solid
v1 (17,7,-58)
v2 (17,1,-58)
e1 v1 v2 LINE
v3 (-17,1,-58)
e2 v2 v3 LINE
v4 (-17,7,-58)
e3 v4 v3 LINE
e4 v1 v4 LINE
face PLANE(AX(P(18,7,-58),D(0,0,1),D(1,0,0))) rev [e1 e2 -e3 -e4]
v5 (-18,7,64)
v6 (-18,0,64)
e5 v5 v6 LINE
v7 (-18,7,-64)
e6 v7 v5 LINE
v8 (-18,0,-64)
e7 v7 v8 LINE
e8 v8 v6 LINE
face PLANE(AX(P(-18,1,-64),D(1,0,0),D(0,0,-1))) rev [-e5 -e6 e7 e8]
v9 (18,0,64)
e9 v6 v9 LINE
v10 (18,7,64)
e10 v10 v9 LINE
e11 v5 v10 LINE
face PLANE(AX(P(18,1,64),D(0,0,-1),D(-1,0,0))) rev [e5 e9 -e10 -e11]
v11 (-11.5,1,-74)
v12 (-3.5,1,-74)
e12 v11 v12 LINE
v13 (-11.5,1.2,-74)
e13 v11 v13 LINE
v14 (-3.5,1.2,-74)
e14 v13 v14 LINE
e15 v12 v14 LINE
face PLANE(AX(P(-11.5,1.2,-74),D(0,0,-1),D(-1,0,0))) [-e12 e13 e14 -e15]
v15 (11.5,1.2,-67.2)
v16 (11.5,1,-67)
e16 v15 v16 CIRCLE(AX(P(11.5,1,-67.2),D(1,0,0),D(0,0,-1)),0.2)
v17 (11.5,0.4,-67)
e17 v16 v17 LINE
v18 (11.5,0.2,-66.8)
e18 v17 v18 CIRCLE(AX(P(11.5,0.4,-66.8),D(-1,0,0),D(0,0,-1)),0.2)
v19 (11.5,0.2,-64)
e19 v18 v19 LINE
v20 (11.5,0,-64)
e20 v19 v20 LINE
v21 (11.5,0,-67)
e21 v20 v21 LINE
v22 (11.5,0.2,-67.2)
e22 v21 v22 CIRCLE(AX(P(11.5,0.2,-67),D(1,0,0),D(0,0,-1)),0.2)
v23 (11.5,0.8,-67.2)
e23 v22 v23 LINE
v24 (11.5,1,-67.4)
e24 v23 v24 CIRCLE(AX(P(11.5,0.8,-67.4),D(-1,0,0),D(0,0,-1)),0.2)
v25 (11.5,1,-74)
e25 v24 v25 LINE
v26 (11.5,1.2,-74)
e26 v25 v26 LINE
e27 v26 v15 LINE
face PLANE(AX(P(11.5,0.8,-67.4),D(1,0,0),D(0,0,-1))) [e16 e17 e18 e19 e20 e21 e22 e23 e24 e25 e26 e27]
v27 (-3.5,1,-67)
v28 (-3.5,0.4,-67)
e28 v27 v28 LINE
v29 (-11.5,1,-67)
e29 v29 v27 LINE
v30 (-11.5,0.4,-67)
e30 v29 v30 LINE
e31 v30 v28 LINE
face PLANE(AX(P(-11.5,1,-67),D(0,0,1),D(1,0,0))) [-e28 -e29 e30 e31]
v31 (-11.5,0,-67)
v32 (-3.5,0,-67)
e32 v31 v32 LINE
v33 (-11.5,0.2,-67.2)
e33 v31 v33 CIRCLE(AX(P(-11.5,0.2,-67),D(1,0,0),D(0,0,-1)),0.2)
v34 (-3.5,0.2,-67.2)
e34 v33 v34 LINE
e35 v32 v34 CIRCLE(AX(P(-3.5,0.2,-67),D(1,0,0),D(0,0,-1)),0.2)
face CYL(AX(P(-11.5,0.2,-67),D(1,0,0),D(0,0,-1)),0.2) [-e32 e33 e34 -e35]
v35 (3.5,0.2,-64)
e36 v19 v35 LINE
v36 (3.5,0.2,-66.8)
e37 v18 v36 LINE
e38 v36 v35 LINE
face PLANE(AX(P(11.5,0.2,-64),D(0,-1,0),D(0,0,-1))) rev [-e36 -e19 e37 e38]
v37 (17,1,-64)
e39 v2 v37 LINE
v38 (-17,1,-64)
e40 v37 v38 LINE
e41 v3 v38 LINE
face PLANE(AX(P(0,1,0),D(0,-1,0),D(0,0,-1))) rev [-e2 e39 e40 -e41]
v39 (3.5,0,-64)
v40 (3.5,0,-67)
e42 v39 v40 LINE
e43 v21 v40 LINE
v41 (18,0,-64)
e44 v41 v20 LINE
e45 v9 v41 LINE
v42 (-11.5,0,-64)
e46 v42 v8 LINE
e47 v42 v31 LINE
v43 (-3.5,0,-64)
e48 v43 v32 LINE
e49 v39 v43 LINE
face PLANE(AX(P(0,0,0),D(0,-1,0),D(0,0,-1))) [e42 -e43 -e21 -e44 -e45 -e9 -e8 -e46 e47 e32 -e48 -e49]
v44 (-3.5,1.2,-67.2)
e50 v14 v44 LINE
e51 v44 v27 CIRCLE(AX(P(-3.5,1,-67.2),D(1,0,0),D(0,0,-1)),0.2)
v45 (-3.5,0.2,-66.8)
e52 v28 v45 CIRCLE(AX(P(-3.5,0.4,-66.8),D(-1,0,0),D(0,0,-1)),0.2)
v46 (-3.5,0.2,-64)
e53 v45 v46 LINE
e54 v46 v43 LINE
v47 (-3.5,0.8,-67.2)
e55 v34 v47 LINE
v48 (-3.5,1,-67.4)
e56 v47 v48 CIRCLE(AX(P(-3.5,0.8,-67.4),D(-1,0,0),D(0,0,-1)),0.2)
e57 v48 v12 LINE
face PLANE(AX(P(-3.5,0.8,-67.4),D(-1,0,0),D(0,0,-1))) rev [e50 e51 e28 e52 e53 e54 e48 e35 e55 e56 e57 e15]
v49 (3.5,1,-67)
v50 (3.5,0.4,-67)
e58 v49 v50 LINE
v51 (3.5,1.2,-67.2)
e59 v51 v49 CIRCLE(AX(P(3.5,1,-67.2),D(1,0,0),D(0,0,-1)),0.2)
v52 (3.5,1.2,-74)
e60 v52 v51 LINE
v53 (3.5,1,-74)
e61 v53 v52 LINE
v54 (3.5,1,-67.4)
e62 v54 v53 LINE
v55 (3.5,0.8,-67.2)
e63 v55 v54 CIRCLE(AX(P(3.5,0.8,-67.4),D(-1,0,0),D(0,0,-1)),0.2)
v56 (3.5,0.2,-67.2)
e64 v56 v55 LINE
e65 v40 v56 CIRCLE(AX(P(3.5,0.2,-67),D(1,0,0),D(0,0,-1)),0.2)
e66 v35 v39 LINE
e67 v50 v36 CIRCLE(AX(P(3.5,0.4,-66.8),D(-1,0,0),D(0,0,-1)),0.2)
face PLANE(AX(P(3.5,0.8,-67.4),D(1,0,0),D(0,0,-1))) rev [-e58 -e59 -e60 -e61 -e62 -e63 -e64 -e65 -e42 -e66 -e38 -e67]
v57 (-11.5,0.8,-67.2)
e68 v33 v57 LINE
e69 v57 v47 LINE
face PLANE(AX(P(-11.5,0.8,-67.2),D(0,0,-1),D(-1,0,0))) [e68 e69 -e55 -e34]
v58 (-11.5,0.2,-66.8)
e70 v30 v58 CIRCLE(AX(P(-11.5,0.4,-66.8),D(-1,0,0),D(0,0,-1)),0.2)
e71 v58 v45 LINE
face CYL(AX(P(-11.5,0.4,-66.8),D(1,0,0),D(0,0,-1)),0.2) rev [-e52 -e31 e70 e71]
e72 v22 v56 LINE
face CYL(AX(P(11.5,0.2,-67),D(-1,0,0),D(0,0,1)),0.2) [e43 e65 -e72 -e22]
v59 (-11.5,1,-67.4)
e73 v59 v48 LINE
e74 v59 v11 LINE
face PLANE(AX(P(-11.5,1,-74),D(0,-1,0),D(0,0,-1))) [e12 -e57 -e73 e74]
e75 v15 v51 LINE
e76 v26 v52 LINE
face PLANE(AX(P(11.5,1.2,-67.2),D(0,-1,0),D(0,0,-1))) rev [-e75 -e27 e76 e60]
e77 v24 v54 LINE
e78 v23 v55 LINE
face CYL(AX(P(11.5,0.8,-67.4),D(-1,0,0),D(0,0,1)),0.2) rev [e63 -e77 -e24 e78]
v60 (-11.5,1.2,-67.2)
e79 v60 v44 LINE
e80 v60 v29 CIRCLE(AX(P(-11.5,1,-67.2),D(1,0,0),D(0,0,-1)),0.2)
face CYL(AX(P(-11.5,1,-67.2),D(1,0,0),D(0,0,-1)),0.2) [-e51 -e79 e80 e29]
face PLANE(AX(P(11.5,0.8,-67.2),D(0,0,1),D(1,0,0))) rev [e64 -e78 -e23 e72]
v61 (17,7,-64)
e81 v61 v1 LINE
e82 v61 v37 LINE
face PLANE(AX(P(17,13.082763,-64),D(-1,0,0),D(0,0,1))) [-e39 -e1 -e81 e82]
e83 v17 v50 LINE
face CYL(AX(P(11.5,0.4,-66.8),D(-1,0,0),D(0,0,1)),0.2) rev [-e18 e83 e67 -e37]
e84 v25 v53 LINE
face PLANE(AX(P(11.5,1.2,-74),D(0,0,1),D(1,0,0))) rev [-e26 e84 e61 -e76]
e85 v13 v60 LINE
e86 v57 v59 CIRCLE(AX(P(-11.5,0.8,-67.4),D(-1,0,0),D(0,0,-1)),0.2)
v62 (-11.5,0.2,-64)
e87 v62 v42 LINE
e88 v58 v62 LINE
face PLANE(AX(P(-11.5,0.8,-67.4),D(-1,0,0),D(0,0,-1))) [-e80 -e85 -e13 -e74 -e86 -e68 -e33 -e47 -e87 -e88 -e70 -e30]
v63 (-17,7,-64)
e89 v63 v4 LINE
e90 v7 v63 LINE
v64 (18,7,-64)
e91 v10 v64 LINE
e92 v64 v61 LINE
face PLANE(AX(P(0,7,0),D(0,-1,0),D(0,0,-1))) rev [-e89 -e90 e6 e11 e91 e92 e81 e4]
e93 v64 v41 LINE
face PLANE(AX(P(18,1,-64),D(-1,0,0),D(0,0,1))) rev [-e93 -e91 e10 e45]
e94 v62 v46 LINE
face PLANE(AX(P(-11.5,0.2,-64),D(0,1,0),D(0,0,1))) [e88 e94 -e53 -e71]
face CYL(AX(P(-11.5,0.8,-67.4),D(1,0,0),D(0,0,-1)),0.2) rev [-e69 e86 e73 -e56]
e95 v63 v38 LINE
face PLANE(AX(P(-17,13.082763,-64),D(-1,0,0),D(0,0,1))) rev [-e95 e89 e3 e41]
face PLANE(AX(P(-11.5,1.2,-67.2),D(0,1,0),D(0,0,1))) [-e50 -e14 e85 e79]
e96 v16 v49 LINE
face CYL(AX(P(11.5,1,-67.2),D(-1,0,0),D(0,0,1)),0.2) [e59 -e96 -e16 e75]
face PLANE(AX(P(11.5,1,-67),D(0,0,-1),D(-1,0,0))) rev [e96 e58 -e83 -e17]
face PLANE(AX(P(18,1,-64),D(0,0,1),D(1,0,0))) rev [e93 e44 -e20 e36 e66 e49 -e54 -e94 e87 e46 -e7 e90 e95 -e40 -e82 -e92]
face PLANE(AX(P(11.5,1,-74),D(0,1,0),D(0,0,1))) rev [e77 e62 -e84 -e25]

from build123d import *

# Parameters (mm, degrees)
SKETCH1_W           = 36
SKETCH1_H           = 128
BOSS_EXTRUDE1_DEPTH = 1
SKETCH2_W           = 36
SKETCH2_H           = 122
BOSS_EXTRUDE2_DEPTH = 6
SKETCH3_W           = 1
SKETCH3_H           = 6
BOSS_EXTRUDE3_DEPTH = 6
BOSS_EXTRUDE4_START = 3.5
BOSS_EXTRUDE4_DEPTH = 8


with BuildPart() as part:
    # Sketch1 → Boss-Extrude1 (new body)
    with BuildSketch(Plane(origin=(0, 0, 0), x_dir=(1, 0, 0), z_dir=(0, 1, 0))):
        Rectangle(SKETCH1_W, SKETCH1_H)
    extrude(amount=BOSS_EXTRUDE1_DEPTH)

    # Sketch2 → Boss-Extrude2 (add)
    with BuildSketch(Plane(origin=(0, 1, 0), x_dir=(1, 0, 0), z_dir=(0, 1, 0))):
        with Locations((0, -3)):
            Rectangle(SKETCH2_W, SKETCH2_H)
    extrude(amount=BOSS_EXTRUDE2_DEPTH)

    # Sketch3 → Boss-Extrude3 (add)
    with BuildSketch(Plane(origin=(0, 1, 0), x_dir=(1, 0, 0), z_dir=(0, 1, 0))):
        with Locations((-17.5, 61)):
            Rectangle(SKETCH3_W, SKETCH3_H)
    boss_extrude3 = extrude(amount=BOSS_EXTRUDE3_DEPTH)

    # Sketch4 → Boss-Extrude4 (add)
    with BuildSketch(Plane(origin=(0, 0, 0), x_dir=(0, 0, -1), z_dir=(1, 0, 0)).offset(BOSS_EXTRUDE4_START)):
        with BuildLine():
            Line((67.2, 1.2), (74, 1.2))
            Line((74, 1.2), (74, 1))
            Line((74, 1), (67.4, 1))
            ThreePointArc((67.4, 1), (67.258578644, 0.941421356), (67.2, 0.8))
            Line((67.2, 0.8), (67.2, 0.2))
            ThreePointArc((67.2, 0.2), (67.141421356, 0.058578644), (67, 0))
            Line((67, 0), (64, 0))
            Line((64, 0), (64, 0.2))
            Line((64, 0.2), (66.8, 0.2))
            ThreePointArc((66.8, 0.2), (66.941421356, 0.258578644), (67, 0.4))
            Line((67, 0.4), (67, 1))
            ThreePointArc((67, 1), (67.058578644, 1.141421356), (67.2, 1.2))
        make_face()
    boss_extrude4 = extrude(amount=BOSS_EXTRUDE4_DEPTH)

    # Mirror1: Boss-Extrude3, Boss-Extrude4 across plane
    add(boss_extrude3.mirror(Plane(origin=(0, 0, 0), x_dir=(0, 0, 1), z_dir=(1, 0, 0))))
    add(boss_extrude4.mirror(Plane(origin=(0, 0, 0), x_dir=(0, 0, 1), z_dir=(1, 0, 0))))


solid = part.part
